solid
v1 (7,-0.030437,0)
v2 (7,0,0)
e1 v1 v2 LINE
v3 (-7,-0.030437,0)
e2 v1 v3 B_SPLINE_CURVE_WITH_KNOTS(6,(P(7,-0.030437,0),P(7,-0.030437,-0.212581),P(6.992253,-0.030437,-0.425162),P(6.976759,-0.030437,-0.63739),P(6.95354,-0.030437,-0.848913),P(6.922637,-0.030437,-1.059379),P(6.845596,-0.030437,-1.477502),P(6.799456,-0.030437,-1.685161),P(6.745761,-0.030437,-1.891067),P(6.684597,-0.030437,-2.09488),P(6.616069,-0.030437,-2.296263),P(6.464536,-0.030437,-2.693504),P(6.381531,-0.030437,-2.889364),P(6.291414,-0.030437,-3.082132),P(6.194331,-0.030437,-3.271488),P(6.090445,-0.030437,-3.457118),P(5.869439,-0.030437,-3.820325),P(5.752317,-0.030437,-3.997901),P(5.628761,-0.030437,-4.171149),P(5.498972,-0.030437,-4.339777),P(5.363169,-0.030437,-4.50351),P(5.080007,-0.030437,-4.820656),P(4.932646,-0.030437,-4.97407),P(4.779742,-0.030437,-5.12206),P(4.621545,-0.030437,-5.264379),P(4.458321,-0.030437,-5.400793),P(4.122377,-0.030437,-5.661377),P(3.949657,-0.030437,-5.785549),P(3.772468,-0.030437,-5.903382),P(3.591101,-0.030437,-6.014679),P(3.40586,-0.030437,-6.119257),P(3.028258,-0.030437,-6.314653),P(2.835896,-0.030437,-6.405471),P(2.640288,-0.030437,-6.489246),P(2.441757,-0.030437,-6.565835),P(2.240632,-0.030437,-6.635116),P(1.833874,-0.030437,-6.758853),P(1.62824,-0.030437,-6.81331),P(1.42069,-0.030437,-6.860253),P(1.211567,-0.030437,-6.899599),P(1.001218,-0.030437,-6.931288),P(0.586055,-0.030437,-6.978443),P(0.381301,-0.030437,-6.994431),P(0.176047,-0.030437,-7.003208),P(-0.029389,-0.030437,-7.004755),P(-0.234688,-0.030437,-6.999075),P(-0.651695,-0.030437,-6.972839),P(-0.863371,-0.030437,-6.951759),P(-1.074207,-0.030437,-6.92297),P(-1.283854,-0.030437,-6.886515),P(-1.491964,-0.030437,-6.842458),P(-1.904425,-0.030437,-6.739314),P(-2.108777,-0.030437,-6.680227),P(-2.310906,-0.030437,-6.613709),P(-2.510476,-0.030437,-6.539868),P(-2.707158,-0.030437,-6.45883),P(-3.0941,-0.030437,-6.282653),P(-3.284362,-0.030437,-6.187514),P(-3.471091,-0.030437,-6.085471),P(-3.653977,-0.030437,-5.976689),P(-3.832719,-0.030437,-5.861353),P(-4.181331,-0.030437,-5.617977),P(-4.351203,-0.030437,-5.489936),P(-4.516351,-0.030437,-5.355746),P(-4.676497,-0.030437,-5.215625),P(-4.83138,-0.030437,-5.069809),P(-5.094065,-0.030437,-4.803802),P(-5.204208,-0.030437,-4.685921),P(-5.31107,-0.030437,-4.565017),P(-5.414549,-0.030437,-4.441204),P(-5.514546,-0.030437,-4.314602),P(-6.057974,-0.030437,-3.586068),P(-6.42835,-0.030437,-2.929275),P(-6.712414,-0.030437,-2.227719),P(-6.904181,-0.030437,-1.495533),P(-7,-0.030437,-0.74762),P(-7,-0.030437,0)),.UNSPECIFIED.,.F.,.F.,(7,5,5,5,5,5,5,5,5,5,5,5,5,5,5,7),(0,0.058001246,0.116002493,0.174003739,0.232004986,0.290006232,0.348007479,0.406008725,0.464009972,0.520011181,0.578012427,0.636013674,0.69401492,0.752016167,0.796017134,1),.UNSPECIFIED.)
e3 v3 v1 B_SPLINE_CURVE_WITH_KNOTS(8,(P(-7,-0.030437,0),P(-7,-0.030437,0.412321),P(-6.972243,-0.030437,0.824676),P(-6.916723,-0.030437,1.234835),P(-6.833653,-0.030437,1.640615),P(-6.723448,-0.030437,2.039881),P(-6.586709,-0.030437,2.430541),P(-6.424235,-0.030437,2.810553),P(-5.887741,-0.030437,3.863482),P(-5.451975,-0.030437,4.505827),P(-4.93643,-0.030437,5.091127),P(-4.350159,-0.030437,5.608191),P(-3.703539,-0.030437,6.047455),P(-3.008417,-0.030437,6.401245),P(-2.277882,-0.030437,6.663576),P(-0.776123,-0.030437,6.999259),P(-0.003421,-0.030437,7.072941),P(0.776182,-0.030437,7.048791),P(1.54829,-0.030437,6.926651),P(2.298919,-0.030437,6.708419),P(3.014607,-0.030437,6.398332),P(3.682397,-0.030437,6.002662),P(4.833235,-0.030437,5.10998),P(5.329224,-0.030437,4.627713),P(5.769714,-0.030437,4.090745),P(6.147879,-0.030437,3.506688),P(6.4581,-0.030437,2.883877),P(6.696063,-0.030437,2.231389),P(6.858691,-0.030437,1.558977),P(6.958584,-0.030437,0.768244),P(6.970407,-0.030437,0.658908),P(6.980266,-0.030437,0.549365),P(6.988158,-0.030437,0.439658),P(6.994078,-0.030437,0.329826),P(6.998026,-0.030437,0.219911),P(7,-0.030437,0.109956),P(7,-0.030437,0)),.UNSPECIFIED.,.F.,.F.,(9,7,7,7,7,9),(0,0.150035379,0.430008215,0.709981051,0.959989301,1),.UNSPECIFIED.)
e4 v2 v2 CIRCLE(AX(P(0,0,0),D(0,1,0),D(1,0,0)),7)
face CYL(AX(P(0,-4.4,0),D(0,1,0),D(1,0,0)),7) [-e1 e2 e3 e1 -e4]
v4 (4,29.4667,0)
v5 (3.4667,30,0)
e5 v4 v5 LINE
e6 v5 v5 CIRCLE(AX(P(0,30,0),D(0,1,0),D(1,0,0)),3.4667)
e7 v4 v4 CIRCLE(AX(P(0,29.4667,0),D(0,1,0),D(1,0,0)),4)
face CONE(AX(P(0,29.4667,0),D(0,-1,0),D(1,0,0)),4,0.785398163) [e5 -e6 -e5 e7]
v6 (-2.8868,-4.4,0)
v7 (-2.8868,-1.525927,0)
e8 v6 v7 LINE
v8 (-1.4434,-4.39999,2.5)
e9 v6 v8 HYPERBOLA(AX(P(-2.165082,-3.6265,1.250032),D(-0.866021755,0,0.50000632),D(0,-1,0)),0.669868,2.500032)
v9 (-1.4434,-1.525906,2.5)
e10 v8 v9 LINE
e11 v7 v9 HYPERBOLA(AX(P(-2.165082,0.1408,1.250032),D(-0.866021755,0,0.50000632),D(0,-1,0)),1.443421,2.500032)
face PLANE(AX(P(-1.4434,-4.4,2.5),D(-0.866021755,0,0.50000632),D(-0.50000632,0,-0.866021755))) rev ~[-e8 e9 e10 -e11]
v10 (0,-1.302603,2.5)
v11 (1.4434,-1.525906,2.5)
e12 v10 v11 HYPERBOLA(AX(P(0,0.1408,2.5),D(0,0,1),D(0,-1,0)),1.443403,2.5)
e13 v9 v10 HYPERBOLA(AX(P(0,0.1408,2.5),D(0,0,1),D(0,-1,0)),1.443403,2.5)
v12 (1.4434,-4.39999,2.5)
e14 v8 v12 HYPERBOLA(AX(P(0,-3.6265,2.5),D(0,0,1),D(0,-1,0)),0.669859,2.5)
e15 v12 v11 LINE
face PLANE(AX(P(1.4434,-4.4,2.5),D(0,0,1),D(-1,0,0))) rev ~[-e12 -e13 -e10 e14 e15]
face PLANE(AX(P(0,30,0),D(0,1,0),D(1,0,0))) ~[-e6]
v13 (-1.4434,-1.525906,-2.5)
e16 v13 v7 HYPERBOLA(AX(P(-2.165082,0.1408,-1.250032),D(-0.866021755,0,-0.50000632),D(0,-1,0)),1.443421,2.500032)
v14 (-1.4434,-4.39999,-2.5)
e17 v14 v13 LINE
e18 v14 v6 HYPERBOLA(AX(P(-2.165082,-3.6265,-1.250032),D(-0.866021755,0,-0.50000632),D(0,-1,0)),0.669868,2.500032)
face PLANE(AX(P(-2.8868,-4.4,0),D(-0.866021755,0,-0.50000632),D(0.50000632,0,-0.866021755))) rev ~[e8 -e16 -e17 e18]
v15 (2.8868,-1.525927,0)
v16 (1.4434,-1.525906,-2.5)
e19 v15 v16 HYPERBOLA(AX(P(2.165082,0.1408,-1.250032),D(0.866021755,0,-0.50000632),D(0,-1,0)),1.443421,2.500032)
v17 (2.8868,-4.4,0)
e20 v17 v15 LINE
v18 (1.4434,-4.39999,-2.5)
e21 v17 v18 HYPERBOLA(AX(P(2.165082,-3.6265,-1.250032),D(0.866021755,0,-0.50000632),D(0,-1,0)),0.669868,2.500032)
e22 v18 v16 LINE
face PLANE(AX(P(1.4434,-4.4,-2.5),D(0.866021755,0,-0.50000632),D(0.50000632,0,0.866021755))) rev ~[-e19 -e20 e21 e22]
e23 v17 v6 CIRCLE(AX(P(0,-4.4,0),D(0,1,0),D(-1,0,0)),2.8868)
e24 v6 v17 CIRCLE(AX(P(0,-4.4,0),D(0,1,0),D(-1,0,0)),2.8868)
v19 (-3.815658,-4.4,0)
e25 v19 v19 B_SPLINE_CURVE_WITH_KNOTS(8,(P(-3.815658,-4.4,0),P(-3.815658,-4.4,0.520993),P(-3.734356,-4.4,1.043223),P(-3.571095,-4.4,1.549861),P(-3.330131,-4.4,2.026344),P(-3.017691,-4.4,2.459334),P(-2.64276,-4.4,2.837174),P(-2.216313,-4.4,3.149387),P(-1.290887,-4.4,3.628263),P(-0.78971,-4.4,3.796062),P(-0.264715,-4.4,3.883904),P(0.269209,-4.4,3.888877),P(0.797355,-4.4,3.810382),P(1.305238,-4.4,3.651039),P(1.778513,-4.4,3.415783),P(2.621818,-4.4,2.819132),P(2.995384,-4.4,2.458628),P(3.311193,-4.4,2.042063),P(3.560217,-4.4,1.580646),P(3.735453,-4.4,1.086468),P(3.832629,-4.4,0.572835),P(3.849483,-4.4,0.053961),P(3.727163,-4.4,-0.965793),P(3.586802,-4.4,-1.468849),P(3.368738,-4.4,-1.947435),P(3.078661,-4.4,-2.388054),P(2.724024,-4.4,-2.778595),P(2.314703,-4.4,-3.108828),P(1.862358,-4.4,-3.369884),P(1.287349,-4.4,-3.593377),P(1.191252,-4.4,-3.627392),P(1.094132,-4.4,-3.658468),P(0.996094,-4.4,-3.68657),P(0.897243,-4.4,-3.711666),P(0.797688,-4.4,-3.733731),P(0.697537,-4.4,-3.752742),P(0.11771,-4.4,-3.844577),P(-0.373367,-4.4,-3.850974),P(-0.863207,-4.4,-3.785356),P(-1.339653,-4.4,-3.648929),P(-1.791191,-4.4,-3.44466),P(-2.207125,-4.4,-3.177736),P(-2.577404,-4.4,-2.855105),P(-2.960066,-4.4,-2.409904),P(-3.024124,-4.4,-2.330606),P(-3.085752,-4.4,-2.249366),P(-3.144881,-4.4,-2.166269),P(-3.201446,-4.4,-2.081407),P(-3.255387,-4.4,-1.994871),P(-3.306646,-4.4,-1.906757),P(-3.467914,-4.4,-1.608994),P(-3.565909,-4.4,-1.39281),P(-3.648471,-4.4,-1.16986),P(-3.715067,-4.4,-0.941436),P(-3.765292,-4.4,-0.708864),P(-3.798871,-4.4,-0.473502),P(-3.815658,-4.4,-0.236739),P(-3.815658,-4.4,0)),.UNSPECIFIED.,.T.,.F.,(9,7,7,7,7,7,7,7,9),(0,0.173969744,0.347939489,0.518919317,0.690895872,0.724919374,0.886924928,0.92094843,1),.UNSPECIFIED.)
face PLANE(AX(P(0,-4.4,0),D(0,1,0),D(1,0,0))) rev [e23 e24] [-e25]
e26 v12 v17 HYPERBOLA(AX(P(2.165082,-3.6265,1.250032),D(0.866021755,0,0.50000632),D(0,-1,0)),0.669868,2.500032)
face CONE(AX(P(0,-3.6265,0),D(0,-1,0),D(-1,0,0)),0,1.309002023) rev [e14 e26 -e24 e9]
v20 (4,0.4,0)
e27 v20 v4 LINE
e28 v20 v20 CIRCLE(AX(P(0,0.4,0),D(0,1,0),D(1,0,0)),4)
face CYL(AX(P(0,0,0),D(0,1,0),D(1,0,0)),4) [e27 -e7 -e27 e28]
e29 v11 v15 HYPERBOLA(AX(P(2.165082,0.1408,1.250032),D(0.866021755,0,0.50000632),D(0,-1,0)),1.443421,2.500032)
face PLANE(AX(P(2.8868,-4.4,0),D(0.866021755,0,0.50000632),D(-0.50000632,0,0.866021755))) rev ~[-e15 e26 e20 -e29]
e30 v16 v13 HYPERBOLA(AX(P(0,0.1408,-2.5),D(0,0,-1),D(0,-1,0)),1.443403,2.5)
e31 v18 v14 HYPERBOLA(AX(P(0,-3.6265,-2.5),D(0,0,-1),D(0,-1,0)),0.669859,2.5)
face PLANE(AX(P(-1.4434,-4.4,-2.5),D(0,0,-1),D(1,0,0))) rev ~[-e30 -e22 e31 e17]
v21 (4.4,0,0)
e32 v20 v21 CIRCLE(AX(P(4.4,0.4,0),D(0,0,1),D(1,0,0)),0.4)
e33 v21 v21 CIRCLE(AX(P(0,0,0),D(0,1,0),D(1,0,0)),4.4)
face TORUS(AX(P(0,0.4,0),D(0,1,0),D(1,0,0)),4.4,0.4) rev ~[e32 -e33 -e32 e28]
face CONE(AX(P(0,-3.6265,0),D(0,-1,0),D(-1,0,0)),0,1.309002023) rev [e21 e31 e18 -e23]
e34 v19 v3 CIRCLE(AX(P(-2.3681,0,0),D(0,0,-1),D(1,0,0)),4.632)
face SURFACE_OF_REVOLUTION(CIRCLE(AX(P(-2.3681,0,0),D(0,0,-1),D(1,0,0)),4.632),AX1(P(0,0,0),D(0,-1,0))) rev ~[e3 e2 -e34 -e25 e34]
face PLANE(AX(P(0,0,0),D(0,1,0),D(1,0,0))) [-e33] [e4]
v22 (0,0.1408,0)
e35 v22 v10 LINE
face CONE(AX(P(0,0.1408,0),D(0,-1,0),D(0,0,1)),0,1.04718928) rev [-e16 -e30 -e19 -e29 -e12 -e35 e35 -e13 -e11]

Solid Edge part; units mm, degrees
sketch "Sketch1" plane through (0, 0, 0) normal (0, 0, 1) x (1, 0, 0)
  line L0 (4, 0) -> (4, 30)
  line L1 (0, 30) -> (4, 30)
  line L2 (0, 0) -> (0, 30)
  line L3 (0, 0) -> (0, -4.4)
  line L4 (0, -4.4) -> (7, -4.4)
  line L5 (7, -4.4) -> (7, 0)
  line L6 (7, 0) -> (4, 0)
revolve "RevolvedProtrusion1" add sketch "Sketch1" angle 360 about axis through (0, 0, 0) along (0, 1, 0)
sketch "Sketch2" plane through (0, 0, 0) normal (1, 0, 0) x (0, 1, 0)
  line L0 (-4.4, 3.3615) -> (-1.8, 3.3615)
  line L1 (0.1408, 0) -> (-1.8, 3.3615)
  line L2 (-4.4, 0) -> (0.1408, 0)
  line L3 (-4.4, 0) -> (-4.4, 3.3615)
revolve "RevolvedCutout1" cut sketch "Sketch2" angle 360 about axis through (0, -4.5, 0) along (0, 1, 0)
sketch "Sketch3" plane through (0, -4.4, 0) normal (0, -1, 0) x (0, 0, 1)
  circle A0 centre (0, 0) radius 3.3615
  line L0 (-2.5, -1.4434) -> (0, -2.8868)
  line L1 (0, -2.8868) -> (2.5, -1.4434)
  line L2 (2.5, -1.4434) -> (2.5, 1.4434)
  line L3 (2.5, 1.4434) -> (0, 2.8868)
  line L4 (0, 2.8868) -> (-2.5, 1.4434)
  line L5 (-2.5, 1.4434) -> (-2.5, -1.4434)
  dimension "D1" = 5
extrude "Protrusion1" add sketch "Sketch3" against normal up to next
sketch "Sketch4" plane through (0, 0, 0) normal (0, 0, 1) x (1, 0, 0)
  line L0 (-2.8868, -4.4) -> (0, -4.4)
  line L1 (0, -4.4) -> (0, -3.6265)
  line L2 (0, -3.6265) -> (-2.8868, -4.4)
revolve "RevolvedCutout2" cut sketch "Sketch4" angle 360 about axis through (0, -4.5, 0) along (0, 1, 0)
fillet "Round1" radius 0.4 1 edges at (0, 0, -4)
chamfer "倒斜角_2" distance 0.5333 angle 45 1 edges at (0, 30, -4)
cosmetic_thread "螺纹_3" size "M8" thread depth 27.5
sketch "Sketch5" plane through (0, 0, 0) normal (0, 0, 1) x (1, 0, 0)
  arc A0 (-3.8153, -4.4) -> (-7, 0) centre (-2.3681, 0) cw
revolve "RevolvedCutout3" cut sketch "Sketch5" angle 360 about axis through (0, 0, 0) along (0, -1, 0) material side at (-6.1609, -2.7452, 0)
